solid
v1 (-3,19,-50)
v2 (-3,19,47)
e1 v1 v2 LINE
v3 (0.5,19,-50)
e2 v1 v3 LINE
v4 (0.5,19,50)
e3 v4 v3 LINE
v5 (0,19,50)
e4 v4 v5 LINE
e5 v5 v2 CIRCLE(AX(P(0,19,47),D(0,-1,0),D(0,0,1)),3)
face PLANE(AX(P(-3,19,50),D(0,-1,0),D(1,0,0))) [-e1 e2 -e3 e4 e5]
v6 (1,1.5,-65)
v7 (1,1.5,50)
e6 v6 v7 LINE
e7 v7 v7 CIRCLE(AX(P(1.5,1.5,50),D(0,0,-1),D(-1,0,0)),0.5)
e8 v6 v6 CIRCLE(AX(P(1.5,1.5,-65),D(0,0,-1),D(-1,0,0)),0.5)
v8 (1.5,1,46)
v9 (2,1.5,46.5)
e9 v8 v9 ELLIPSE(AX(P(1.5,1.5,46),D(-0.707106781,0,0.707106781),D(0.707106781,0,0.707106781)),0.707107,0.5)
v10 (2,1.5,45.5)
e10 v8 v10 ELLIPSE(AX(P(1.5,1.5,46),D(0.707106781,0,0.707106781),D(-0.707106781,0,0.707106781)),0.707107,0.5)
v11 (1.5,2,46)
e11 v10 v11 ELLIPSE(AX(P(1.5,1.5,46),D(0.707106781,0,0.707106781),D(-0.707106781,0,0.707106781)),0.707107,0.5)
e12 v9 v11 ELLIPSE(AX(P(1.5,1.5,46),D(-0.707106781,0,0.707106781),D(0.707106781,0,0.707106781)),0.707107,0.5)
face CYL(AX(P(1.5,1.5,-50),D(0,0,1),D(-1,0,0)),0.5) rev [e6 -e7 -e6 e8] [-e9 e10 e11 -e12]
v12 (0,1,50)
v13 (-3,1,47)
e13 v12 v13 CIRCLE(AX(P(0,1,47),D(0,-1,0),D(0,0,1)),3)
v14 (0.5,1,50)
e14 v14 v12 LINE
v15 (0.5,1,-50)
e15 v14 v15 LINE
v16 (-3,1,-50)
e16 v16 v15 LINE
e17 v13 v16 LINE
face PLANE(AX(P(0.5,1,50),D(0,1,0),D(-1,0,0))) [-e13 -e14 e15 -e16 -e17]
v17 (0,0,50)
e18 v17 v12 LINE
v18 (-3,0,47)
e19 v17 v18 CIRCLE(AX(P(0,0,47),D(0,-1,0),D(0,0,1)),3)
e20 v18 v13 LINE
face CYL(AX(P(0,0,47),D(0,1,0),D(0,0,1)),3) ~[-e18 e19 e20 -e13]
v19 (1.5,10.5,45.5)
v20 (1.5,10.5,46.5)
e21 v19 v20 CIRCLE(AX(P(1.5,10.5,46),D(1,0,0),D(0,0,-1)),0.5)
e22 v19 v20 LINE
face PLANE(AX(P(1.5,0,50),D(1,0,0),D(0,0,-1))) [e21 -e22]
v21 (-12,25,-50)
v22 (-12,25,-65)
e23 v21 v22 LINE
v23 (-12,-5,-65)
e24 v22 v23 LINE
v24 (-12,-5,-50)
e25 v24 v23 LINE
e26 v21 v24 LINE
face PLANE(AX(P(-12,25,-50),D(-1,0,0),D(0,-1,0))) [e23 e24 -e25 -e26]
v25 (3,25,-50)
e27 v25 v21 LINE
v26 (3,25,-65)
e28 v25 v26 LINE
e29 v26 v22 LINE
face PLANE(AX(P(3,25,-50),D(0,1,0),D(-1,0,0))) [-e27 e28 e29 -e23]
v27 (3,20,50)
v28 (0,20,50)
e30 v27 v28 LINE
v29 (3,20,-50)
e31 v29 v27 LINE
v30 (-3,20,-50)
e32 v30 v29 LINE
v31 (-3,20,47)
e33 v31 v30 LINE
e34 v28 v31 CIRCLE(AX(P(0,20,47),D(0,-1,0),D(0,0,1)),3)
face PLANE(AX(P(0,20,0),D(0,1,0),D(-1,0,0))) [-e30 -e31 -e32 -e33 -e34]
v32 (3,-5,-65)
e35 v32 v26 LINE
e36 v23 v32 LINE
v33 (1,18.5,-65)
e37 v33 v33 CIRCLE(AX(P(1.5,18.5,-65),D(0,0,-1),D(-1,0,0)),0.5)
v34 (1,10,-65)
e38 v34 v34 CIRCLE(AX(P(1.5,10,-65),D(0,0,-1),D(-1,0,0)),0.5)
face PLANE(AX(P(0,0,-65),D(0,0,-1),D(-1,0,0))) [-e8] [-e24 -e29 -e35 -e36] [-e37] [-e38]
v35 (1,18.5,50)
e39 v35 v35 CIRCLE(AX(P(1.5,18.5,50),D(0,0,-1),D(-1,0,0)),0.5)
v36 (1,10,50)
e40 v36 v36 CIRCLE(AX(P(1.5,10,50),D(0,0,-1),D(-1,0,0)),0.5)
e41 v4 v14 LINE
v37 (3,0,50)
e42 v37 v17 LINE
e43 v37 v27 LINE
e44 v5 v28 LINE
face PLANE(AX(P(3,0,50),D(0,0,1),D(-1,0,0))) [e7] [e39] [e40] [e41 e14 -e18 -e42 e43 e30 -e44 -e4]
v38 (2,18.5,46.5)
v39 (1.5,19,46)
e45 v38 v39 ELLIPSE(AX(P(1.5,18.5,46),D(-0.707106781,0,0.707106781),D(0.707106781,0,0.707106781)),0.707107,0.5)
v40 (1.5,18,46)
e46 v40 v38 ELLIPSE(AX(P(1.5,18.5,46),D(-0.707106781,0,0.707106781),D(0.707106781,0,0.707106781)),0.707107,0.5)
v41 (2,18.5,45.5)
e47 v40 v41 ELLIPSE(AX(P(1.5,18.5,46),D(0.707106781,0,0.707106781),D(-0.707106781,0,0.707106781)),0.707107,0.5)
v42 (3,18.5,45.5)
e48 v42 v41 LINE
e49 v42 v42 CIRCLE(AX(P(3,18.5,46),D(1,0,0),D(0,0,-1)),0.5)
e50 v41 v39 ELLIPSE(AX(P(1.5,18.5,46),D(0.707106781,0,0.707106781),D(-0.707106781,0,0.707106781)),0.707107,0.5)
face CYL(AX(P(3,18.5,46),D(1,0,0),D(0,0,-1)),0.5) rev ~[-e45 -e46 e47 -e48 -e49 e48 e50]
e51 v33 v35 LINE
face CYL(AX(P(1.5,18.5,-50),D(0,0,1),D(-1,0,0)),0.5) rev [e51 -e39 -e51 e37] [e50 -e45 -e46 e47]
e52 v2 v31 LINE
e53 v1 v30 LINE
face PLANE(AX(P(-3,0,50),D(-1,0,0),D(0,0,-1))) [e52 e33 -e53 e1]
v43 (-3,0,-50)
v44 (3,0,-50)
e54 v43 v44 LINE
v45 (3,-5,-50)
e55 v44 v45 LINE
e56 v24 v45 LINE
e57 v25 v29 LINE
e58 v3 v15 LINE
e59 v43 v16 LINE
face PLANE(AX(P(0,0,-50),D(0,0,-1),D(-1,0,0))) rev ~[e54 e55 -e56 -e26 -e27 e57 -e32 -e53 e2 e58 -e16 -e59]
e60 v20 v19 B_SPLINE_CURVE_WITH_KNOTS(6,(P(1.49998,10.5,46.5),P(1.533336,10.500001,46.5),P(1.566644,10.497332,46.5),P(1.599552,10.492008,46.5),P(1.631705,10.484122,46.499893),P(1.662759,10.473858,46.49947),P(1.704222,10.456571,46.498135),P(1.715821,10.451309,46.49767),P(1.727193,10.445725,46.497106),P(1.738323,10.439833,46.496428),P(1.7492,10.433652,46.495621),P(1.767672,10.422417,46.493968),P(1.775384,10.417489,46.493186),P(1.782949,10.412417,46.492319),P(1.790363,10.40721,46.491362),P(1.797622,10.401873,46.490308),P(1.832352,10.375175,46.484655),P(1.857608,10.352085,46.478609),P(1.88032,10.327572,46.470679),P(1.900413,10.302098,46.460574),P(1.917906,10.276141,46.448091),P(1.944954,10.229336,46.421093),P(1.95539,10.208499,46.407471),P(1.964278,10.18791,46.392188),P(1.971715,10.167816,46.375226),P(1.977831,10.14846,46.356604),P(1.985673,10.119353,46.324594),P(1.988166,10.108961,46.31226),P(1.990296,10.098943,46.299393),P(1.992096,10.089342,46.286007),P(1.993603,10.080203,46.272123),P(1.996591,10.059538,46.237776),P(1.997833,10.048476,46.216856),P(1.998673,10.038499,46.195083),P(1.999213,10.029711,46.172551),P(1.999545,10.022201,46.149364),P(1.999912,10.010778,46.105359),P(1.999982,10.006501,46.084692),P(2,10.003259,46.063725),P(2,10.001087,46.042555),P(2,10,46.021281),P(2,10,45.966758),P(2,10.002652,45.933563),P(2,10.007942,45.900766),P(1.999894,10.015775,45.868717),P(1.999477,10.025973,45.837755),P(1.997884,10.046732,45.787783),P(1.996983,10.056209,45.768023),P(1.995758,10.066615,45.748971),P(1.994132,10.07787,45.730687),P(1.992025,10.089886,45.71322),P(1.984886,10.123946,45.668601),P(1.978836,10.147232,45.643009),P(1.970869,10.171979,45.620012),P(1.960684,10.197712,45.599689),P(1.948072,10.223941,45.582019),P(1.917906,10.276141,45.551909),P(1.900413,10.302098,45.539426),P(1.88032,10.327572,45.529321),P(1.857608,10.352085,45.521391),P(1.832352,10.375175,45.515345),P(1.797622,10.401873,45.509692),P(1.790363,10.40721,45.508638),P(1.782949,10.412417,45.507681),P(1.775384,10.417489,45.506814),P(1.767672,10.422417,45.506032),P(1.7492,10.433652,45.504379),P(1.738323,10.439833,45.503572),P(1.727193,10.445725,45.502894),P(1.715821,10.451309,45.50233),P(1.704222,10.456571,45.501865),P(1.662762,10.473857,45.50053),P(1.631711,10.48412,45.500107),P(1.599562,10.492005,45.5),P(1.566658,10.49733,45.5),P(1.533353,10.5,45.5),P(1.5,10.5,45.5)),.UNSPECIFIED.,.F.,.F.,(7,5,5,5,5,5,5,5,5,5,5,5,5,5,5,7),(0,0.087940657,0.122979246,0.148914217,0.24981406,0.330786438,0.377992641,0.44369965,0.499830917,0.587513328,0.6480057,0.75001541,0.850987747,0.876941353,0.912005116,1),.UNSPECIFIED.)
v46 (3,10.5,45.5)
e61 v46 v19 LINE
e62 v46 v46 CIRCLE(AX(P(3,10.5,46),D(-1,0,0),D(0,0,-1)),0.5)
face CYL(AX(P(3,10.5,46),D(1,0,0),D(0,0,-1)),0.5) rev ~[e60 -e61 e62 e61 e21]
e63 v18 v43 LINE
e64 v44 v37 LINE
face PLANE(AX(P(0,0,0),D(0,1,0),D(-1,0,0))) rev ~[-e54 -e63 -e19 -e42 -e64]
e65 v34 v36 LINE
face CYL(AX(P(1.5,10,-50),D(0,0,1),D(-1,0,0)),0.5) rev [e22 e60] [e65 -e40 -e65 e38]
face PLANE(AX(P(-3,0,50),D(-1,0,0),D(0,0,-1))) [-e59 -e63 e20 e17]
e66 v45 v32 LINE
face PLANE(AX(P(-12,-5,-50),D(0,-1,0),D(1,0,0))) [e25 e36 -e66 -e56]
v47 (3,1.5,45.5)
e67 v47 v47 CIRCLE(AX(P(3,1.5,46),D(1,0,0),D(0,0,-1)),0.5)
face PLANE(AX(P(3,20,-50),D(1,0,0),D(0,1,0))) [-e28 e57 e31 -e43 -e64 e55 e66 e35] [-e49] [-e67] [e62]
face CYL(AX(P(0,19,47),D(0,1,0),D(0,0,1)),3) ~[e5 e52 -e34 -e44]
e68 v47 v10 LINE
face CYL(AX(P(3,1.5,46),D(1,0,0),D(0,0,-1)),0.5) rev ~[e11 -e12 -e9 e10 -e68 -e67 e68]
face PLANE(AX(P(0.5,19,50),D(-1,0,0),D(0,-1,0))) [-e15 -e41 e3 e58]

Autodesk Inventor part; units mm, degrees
ref_plane "Work Plane2" through (0, 10, 0) normal (0, 1, 0) x (-1, 0, 0)
ref_plane "YZ Plane" through (0, 0, 0) normal (1, 0, 0) x (0, 1, 0)
ref_plane "XY Plane" through (0, 0, 0) normal (0, 0, 1) x (1, 0, 0)
sketch "Sketch1" plane through (0, 0, 0) normal (0, 1, 0) x (-1, 0, 0)
  line L0 (-3, 50) -> (3, 50)
  line L1 (3, 50) -> (3, -50)
  line L2 (3, -50) -> (-3, -50)
  line L3 (-3, -50) -> (-3, 50)
  line L4 (-3, 50) -> (3, -50) construction
  line L5 (3, 50) -> (-3, -50) construction
  point P0 (0, 0)
  dimension "d123" = 6
  dimension "d124" = 100
extrude "Extrusion1" add sketch "Sketch1" along normal blind 20
sketch "Sketch2" plane through (0, 0, -50) normal (0, 0, -1) x (-1, 0, 0)
  line L0 (-3, 25) -> (12, 25)
  line L1 (12, 25) -> (12, -5)
  line L2 (12, -5) -> (-3, -5)
  line L3 (-3, -5) -> (-3, 25)
  line L4 (3, 0) -> (3, 20) projected
  line L5 (-3, 25) -> (12, -5) construction
  line L6 (12, 25) -> (-3, -5) construction
  line L7 (-3, 0) -> (-3, 20) projected
  line L8 (-3, 20) -> (3, 20) projected
  line L9 (0, 20) -> (0, 0) construction
  circle A0 centre (-1.5, 18.5) radius 0.5
  circle A1 centre (-1.5, 10) radius 0.5
  line L10 (-3, 10) -> (3, 10) construction
  circle A2 centre (-1.5, 1.5) radius 0.5
  line L11 (-0.5, 1) -> (-0.5, 19)
  dimension "d125" = 15
  dimension "d126" = 30
  dimension "d127" = 5
  dimension "d128" = 9
  dimension "d129" = 1
  dimension "d130" = 1.5
  dimension "d131" = 1.5
  dimension "d132" = 1
  dimension "d133" = 1.5
  dimension "d134" = 10
extrude "Extrusion21" add sketch "Sketch2" along normal blind 15 contours L0 L1 L2 L3 | A0 | A1 | A2
extrude "Extrusion22" cut sketch "Sketch2" along normal blind 15 and the other way blind 100 contours A0 | A1 | A2
sketch "Sketch15" plane through (-3, 0, 50) normal (0, 0, 1) x (1, 0, 0)
  line L0 (3.5, 1) -> (-3.5, 1)
  line L1 (-3.5, 1) -> (-3.5, 19)
  line L2 (-3.5, 19) -> (3.5, 19)
  line L3 (3.5, 19) -> (3.5, 1)
  line L4 (0, 0) -> (0, 20) projected
  line L5 (3.5, 1) -> (-3.5, 19) construction
  line L6 (-3.5, 1) -> (3.5, 19) construction
  point P0 (3, 0)
  point P1 (0, 10)
  dimension "d145" = 7
  dimension "d146" = 18
extrude "Extrusion24" cut sketch "Sketch15" against normal blind 100
sketch "Sketch16" plane through (3, 0, 50) normal (1, 0, 0) x (0, 0, -1)
  line L0 (100, 20) -> (0, 20) construction
  line L1 (4, 20) -> (4, 0) construction
  line L2 (100, 0) -> (0, 0) construction
  line L3 (0, 0) -> (0, 20) construction
  circle A0 centre (4, 18.5) radius 0.5
  line L4 (0, 10.5) -> (115, 10.5) projected
  circle A1 centre (4, 10.5) radius 0.5
  circle A2 centre (4, 1.5) radius 0.5
  point P0 (50, 0)
  dimension "d149" = 4
  dimension "d150" = 1
  dimension "d151" = 1
  dimension "d152" = 1.5
  dimension "d154" = 1
  dimension "d155" = 1.5
extrude "Extrusion25" cut sketch "Sketch16" against normal blind 1.5
fillet "Fillet4" radius 3 2 edges at (-3, 19.5, 50) (-3, 0.5, 50)
sketch "Sketch6" plane through (0, 10, 0) normal (0, 1, 0) x (-1, 0, 0)
  line L0 (21.0864, 109.726) -> (-9.863, 109.726)
  line L1 (-9.863, 109.726) -> (-9.863, -3.5286)
  line L2 (-9.863, -3.5286) -> (21.0864, -3.5286)
  line L3 (21.0864, -3.5286) -> (21.0864, 109.726)
  point P0 (0, 0)
  dimension "d36" = 113.2546
  dimension "d37" = 30.9494
properties part number "3D_print_actuator_cable_driven"
